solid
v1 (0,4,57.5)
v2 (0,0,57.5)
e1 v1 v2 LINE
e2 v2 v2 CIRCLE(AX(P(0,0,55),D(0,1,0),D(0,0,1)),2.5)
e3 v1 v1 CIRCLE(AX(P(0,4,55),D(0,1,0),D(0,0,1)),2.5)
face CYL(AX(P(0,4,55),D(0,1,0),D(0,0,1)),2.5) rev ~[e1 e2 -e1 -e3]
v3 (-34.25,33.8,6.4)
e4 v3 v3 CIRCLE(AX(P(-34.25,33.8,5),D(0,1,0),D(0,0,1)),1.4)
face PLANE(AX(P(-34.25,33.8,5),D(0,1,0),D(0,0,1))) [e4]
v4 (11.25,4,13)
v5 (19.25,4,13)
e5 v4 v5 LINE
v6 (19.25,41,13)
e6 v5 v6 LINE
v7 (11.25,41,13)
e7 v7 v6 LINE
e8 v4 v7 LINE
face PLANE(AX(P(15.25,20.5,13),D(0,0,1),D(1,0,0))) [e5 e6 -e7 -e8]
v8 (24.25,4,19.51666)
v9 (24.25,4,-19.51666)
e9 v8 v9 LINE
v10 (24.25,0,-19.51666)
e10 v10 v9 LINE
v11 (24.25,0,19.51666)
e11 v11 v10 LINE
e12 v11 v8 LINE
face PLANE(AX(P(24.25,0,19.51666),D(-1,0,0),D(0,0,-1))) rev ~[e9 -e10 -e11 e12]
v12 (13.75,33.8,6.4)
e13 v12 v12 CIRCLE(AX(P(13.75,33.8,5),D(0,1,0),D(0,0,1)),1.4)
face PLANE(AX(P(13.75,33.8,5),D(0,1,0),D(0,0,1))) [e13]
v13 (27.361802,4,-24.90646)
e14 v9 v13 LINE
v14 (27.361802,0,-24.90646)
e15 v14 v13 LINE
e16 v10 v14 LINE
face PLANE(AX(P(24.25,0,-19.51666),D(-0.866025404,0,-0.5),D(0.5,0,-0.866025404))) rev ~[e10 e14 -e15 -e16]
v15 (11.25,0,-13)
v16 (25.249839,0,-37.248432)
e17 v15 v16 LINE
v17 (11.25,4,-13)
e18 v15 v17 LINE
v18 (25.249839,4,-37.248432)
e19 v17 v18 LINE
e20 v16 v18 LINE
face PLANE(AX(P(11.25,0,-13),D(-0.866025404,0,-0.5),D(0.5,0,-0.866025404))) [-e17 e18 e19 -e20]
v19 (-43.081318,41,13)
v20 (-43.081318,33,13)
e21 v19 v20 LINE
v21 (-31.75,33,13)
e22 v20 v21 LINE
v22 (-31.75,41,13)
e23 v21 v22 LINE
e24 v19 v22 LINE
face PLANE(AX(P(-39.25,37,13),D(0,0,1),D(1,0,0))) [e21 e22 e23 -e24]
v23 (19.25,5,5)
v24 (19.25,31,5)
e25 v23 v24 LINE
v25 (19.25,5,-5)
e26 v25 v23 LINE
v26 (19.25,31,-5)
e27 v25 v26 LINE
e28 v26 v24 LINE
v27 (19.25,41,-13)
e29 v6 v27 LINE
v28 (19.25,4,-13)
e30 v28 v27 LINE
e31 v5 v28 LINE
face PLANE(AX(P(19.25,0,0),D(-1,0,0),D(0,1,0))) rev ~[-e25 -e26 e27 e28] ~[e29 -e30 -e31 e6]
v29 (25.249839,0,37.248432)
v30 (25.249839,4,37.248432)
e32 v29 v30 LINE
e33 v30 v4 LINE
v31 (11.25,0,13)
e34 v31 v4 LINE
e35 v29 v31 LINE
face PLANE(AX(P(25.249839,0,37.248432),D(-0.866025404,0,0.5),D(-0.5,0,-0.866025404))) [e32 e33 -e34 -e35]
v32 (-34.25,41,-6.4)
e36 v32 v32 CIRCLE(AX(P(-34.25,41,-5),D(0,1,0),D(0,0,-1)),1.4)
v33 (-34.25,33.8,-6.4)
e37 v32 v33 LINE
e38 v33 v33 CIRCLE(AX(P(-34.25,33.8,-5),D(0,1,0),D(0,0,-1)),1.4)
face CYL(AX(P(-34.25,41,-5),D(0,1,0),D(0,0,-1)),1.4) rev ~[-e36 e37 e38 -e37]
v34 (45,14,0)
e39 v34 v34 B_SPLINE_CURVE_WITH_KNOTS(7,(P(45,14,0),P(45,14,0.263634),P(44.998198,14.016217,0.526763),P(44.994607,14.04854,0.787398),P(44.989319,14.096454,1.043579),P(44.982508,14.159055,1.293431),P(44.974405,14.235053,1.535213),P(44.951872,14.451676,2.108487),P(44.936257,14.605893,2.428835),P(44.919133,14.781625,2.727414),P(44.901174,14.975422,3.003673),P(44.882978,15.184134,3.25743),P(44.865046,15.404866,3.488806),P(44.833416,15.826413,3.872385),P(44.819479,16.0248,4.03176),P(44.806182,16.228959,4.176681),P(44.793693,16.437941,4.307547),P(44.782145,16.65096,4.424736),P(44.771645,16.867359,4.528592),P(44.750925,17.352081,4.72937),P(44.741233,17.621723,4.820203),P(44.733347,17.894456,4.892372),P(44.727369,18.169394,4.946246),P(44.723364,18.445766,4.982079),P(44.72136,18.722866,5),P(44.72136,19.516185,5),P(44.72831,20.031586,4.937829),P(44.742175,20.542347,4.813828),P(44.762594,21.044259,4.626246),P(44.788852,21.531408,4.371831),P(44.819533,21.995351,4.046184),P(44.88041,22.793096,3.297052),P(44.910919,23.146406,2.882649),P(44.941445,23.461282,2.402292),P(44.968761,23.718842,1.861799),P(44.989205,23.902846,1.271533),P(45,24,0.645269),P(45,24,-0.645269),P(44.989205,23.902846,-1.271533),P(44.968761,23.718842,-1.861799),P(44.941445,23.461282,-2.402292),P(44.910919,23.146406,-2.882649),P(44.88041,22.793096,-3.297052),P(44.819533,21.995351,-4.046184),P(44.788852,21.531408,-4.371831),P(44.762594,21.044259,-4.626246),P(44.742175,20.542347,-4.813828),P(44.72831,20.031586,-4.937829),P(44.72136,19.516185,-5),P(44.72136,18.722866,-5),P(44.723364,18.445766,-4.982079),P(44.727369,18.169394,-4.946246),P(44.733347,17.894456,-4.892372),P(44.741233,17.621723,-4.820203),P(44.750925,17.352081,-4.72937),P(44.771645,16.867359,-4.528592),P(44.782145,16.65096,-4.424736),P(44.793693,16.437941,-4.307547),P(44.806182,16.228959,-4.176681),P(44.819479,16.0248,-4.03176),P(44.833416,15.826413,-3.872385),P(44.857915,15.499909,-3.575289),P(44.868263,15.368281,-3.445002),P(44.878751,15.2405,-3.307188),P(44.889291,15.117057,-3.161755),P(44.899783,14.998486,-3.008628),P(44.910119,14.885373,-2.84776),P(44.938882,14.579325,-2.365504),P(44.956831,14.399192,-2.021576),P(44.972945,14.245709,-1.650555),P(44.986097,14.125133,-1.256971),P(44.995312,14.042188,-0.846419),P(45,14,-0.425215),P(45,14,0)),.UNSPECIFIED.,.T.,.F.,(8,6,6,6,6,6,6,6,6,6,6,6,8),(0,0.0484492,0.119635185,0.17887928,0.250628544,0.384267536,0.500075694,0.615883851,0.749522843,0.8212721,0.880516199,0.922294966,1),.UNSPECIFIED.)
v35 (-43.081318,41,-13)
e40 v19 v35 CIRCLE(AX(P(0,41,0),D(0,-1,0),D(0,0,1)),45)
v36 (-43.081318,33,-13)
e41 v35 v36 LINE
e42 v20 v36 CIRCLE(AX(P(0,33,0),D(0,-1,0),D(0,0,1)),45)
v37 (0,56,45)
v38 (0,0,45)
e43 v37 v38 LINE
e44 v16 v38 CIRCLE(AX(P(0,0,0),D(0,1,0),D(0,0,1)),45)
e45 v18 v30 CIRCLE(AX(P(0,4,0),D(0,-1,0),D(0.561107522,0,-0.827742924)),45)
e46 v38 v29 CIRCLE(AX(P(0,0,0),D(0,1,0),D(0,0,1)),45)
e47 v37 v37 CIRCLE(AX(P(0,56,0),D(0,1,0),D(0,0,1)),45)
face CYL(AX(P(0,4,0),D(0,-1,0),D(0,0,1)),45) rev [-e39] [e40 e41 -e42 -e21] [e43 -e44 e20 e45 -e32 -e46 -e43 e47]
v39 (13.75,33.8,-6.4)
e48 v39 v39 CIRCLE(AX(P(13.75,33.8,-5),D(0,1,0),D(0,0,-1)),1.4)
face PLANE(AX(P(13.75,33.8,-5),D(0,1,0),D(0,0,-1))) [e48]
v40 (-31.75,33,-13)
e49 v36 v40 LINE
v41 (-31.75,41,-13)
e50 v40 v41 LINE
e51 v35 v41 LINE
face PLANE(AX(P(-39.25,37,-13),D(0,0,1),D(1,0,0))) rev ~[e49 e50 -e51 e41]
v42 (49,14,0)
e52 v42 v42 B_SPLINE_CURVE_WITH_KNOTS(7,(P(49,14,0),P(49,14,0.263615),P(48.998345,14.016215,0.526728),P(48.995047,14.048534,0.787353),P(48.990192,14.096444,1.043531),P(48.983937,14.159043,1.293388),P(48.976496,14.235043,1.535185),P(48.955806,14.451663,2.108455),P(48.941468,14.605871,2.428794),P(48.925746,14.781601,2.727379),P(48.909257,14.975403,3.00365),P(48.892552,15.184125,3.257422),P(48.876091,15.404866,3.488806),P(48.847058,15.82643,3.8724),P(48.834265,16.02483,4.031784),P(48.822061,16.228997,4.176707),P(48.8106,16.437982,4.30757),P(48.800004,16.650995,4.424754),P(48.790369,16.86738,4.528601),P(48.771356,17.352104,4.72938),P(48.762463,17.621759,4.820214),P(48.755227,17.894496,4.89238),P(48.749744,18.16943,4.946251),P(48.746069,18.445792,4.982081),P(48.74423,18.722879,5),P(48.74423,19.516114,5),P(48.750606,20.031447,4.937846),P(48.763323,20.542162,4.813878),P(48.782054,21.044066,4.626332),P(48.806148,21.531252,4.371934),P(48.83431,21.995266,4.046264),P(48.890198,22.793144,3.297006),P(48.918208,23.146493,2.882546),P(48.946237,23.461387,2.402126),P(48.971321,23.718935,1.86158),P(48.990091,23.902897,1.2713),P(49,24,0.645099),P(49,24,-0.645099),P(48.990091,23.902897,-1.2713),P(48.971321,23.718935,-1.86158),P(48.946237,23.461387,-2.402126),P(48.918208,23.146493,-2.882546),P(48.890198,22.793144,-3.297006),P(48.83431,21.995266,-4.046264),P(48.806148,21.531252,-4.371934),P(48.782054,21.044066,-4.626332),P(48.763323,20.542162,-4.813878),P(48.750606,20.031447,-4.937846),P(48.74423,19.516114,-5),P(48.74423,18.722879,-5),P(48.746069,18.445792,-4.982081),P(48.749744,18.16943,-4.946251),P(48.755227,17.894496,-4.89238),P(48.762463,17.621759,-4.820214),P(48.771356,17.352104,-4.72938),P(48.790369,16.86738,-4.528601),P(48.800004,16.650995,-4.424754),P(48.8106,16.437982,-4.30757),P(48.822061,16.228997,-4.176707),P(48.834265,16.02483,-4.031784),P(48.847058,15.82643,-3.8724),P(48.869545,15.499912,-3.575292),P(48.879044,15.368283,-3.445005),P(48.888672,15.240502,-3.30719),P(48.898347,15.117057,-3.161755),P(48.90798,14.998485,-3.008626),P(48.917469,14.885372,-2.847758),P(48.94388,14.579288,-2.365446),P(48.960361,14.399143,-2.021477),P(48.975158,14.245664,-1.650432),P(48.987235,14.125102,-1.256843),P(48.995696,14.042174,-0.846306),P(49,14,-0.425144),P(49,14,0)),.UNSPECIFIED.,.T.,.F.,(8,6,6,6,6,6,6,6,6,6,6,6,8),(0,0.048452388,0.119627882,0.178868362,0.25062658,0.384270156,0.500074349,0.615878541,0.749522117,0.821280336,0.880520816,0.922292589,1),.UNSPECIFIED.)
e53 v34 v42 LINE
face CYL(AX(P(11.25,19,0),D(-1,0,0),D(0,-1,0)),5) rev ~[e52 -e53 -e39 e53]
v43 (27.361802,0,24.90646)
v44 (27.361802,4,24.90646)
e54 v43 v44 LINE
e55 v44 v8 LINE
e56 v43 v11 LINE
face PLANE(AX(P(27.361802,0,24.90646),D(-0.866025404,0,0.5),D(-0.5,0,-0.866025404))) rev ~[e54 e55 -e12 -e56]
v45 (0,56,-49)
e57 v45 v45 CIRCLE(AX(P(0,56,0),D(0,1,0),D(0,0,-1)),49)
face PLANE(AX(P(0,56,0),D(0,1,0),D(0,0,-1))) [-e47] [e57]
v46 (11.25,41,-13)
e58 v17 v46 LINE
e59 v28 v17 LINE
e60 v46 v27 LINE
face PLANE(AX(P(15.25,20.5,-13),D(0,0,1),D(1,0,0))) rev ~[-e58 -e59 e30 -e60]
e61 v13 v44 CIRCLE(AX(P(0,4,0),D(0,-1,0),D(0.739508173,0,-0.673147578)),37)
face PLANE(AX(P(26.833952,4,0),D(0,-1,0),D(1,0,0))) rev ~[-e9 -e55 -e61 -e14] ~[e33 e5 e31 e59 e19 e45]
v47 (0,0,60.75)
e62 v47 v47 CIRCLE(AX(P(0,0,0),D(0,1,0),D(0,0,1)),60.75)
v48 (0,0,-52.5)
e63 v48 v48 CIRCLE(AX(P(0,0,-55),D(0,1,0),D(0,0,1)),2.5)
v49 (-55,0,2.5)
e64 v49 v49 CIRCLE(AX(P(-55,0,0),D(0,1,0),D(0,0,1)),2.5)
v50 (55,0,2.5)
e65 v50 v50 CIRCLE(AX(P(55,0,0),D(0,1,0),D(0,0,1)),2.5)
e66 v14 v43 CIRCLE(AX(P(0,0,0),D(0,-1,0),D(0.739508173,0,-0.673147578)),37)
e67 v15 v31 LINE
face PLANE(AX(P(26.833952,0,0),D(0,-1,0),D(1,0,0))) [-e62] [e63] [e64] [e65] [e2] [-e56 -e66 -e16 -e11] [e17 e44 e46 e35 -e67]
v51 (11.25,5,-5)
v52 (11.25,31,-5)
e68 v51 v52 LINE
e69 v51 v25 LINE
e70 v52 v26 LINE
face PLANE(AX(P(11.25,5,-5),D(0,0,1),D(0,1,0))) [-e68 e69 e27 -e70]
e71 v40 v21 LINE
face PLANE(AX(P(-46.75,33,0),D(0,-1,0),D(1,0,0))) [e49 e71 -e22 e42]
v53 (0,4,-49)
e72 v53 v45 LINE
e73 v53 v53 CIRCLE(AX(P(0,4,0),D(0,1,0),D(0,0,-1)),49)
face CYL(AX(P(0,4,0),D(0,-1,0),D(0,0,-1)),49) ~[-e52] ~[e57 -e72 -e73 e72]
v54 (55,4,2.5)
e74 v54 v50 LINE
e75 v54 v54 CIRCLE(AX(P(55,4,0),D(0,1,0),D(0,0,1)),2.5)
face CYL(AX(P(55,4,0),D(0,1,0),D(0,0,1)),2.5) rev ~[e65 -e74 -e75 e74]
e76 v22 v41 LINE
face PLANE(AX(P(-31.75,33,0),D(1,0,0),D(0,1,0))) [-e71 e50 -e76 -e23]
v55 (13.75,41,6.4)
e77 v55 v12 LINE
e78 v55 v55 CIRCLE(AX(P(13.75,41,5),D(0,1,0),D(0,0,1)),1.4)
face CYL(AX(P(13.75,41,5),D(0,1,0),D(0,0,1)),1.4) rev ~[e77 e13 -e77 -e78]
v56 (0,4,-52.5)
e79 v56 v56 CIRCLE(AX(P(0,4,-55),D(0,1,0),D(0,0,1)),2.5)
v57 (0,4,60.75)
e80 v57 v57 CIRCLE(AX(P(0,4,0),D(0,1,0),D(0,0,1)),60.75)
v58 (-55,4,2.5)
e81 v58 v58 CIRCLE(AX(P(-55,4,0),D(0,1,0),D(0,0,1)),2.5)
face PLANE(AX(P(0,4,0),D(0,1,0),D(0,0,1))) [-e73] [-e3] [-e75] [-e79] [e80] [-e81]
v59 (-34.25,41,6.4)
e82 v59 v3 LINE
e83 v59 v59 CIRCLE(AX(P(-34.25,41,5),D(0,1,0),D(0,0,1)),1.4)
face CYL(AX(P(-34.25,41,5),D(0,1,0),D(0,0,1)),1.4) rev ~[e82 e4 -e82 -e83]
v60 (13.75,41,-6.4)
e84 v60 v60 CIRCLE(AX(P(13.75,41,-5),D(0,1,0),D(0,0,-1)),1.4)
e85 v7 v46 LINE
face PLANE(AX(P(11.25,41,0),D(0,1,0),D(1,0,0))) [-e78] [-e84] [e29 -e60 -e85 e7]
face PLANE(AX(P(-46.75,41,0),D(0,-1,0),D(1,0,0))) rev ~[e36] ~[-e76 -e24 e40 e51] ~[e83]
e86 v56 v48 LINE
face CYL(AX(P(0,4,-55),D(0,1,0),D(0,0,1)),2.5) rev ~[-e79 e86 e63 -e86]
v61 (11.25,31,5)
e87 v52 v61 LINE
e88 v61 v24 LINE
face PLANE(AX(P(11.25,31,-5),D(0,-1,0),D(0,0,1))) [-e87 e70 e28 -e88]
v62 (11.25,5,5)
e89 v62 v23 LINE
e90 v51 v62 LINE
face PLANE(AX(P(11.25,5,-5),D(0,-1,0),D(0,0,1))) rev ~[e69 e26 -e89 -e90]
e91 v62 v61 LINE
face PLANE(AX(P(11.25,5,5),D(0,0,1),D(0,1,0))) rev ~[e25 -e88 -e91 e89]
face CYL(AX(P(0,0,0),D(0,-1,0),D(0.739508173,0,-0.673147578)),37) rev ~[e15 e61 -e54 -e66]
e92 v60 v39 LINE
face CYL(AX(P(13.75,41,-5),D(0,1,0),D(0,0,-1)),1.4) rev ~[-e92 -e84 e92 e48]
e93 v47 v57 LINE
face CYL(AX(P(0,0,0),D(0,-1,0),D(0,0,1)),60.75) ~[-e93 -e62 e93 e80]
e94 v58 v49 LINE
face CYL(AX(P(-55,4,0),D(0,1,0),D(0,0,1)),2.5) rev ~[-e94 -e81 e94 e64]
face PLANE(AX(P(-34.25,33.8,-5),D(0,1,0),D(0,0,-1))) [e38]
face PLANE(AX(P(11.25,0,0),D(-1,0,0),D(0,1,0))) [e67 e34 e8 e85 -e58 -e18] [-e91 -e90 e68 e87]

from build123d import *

# Parameters (mm, degrees)
SKETCH1_R           = 60.75
SKETCH1_R_2         = 45
BOSS_EXTRUDE1_DEPTH = 4
SKETCH2_R           = 49
SKETCH2_R_2         = 45
BOSS_EXTRUDE2_DEPTH = 52
SKETCH4_W           = 8
SKETCH4_H           = 41
SKETCH4_W_2         = 15
SKETCH4_H_2         = 8
BOSS_EXTRUDE3_DEPTH = 13
SKETCH6_W           = 10
SKETCH6_H           = 26
CUT_EXTRUDE1_DEPTH  = 26
SKETCH7_R           = 5
CUT_EXTRUDE2_DEPTH  = 110.592711893
SKETCH8_R           = 1.4
CUT_EXTRUDE7_DEPTH  = 7.2
BOSS_EXTRUDE4_DEPTH = 4
SKETCH12_R          = 2.5
CUT_EXTRUDE8_DEPTH  = 101.424723103


with BuildPart() as part:
    # Sketch1 → Boss-Extrude1 (new body)
    with BuildSketch(Plane(origin=(0, 0, 0), x_dir=(1, 0, 0), z_dir=(0, 1, 0))):
        with Locations(Location((0, 0, 0), (0, 0, 270))):
            Circle(SKETCH1_R)
        with Locations(Location((0, 0, 0), (0, 0, 270))):
            Circle(SKETCH1_R_2, mode=Mode.SUBTRACT)
    extrude(amount=BOSS_EXTRUDE1_DEPTH)

    # Sketch2 → Boss-Extrude2 (add)
    with BuildSketch(Plane(origin=(0, 4, 0), x_dir=(1, 0, 0), z_dir=(0, 1, 0))):
        with Locations(Location((0, 0, 0), (0, 0, 90))):
            Circle(SKETCH2_R)
        with Locations(Location((0, 0, 0), (0, 0, 270))):
            Circle(SKETCH2_R_2, mode=Mode.SUBTRACT)
    extrude(amount=BOSS_EXTRUDE2_DEPTH)

    # Sketch4 → Boss-Extrude3 (add, symmetric)
    with BuildSketch(Plane.XY):
        with Locations((15.25, 20.5)):
            Rectangle(SKETCH4_W, SKETCH4_H)
        with Locations((-39.25, 37)):
            Rectangle(SKETCH4_W_2, SKETCH4_H_2)
    extrude(amount=BOSS_EXTRUDE3_DEPTH, both=True)


with BuildPart() as boss_extrude3_piece_1:
    # of the separate pieces the step leaves, piece 1, a body of its own (boss_extrude3_pieces)
    add(part.part.solids().sort_by_distance((0, 0, 60.75))[0])

    # Sketch7 → Cut-Extrude2 (cut, through all)
    with BuildSketch(Plane.ZY.offset(-11.25)):
        with Locations(Location((0, 19, 0), (0, 0, 270))):
            Circle(SKETCH7_R)
    extrude(amount=-CUT_EXTRUDE2_DEPTH, mode=Mode.SUBTRACT)


with BuildPart() as boss_extrude3_piece_2:
    # of the separate pieces the step leaves, piece 2, a body of its own (boss_extrude3_pieces)
    add(part.part.solids().sort_by_distance((11.25, 41, -13))[0])

    # Sketch6 → Cut-Extrude1 (cut)
    with BuildSketch(Plane.ZY.offset(-11.25)):
        with Locations((0, 18)):
            Rectangle(SKETCH6_W, SKETCH6_H)
    extrude(amount=-CUT_EXTRUDE1_DEPTH, mode=Mode.SUBTRACT)


with BuildPart() as cut_extrude7_tool:
    # Sketch8 → Cut-Extrude7 (new body)
    with BuildSketch(Plane(origin=(0, 41, 0), x_dir=(1, 0, 0), z_dir=(0, 1, 0))):
        with Locations(Location((-34.25, -5, 0), (0, 0, 270))):
            Circle(SKETCH8_R)
        with Locations(Location((13.75, -5, 0), (0, 0, 270))):
            Circle(SKETCH8_R)
        with Locations(Location((13.75, 5, 0), (0, 0, 90))):
            Circle(SKETCH8_R)
        with Locations(Location((-34.25, 5, 0), (0, 0, 90))):
            Circle(SKETCH8_R)
    extrude(amount=-CUT_EXTRUDE7_DEPTH)


with BuildPart() as boss_extrude3_piece_1_1:
    add(boss_extrude3_piece_1.part)

    # Cut-Extrude7: cut by cut_extrude7_tool
    add(cut_extrude7_tool.part, mode=Mode.SUBTRACT)



with BuildPart() as boss_extrude3_piece_2_1:
    add(boss_extrude3_piece_2.part)

    # Cut-Extrude7: cut by cut_extrude7_tool
    add(cut_extrude7_tool.part, mode=Mode.SUBTRACT)


with BuildPart() as boss_extrude3_piece_1_2:
    add(boss_extrude3_piece_1_1.part)

    add(boss_extrude3_piece_2_1.part)  # Boss-Extrude4 merges Boss-Extrude3 piece 2
    # Sketch9 → Boss-Extrude4 (add)
    with BuildSketch(Plane.XZ):
        with BuildLine():
            Line((11.25, -13), (25.249838503, -37.248431585))
            ThreePointArc((25.249838503, -37.248431585), (45, 0), (25.249838503, 37.248431585))
            Line((25.249838503, 37.248431585), (11.25, 13))
            Line((11.25, 13), (19.25, 13))
            Line((19.25, 13), (19.25, -13))
            Line((19.25, -13), (11.25, -13))
        make_face()
        with BuildLine():
            ThreePointArc((27.361802413, -24.906460381), (37, 0), (27.361802413, 24.906460381))
            Line((27.361802413, 24.906460381), (24.25, 19.516660498))
            Line((24.25, 19.516660498), (24.25, -19.516660498))
            Line((24.25, -19.516660498), (27.361802413, -24.906460381))
        make_face(mode=Mode.SUBTRACT)
    extrude(amount=-BOSS_EXTRUDE4_DEPTH)

    # Sketch12 → Cut-Extrude8 (cut, through all)
    with BuildSketch(Plane(origin=(0, 4, 0), x_dir=(1, 0, 0), z_dir=(0, 1, 0))):
        with Locations(Location((-55, 0, 0), (0, 0, 270))):
            Circle(SKETCH12_R)
        with Locations(Location((0, 55, 0), (0, 0, 270))):
            Circle(SKETCH12_R)
        with Locations(Location((55, 0, 0), (0, 0, 270))):
            Circle(SKETCH12_R)
        with Locations(Location((0, -55, 0), (0, 0, 270))):
            Circle(SKETCH12_R)
    extrude(amount=-CUT_EXTRUDE8_DEPTH, mode=Mode.SUBTRACT)


solid = boss_extrude3_piece_1_2.part
